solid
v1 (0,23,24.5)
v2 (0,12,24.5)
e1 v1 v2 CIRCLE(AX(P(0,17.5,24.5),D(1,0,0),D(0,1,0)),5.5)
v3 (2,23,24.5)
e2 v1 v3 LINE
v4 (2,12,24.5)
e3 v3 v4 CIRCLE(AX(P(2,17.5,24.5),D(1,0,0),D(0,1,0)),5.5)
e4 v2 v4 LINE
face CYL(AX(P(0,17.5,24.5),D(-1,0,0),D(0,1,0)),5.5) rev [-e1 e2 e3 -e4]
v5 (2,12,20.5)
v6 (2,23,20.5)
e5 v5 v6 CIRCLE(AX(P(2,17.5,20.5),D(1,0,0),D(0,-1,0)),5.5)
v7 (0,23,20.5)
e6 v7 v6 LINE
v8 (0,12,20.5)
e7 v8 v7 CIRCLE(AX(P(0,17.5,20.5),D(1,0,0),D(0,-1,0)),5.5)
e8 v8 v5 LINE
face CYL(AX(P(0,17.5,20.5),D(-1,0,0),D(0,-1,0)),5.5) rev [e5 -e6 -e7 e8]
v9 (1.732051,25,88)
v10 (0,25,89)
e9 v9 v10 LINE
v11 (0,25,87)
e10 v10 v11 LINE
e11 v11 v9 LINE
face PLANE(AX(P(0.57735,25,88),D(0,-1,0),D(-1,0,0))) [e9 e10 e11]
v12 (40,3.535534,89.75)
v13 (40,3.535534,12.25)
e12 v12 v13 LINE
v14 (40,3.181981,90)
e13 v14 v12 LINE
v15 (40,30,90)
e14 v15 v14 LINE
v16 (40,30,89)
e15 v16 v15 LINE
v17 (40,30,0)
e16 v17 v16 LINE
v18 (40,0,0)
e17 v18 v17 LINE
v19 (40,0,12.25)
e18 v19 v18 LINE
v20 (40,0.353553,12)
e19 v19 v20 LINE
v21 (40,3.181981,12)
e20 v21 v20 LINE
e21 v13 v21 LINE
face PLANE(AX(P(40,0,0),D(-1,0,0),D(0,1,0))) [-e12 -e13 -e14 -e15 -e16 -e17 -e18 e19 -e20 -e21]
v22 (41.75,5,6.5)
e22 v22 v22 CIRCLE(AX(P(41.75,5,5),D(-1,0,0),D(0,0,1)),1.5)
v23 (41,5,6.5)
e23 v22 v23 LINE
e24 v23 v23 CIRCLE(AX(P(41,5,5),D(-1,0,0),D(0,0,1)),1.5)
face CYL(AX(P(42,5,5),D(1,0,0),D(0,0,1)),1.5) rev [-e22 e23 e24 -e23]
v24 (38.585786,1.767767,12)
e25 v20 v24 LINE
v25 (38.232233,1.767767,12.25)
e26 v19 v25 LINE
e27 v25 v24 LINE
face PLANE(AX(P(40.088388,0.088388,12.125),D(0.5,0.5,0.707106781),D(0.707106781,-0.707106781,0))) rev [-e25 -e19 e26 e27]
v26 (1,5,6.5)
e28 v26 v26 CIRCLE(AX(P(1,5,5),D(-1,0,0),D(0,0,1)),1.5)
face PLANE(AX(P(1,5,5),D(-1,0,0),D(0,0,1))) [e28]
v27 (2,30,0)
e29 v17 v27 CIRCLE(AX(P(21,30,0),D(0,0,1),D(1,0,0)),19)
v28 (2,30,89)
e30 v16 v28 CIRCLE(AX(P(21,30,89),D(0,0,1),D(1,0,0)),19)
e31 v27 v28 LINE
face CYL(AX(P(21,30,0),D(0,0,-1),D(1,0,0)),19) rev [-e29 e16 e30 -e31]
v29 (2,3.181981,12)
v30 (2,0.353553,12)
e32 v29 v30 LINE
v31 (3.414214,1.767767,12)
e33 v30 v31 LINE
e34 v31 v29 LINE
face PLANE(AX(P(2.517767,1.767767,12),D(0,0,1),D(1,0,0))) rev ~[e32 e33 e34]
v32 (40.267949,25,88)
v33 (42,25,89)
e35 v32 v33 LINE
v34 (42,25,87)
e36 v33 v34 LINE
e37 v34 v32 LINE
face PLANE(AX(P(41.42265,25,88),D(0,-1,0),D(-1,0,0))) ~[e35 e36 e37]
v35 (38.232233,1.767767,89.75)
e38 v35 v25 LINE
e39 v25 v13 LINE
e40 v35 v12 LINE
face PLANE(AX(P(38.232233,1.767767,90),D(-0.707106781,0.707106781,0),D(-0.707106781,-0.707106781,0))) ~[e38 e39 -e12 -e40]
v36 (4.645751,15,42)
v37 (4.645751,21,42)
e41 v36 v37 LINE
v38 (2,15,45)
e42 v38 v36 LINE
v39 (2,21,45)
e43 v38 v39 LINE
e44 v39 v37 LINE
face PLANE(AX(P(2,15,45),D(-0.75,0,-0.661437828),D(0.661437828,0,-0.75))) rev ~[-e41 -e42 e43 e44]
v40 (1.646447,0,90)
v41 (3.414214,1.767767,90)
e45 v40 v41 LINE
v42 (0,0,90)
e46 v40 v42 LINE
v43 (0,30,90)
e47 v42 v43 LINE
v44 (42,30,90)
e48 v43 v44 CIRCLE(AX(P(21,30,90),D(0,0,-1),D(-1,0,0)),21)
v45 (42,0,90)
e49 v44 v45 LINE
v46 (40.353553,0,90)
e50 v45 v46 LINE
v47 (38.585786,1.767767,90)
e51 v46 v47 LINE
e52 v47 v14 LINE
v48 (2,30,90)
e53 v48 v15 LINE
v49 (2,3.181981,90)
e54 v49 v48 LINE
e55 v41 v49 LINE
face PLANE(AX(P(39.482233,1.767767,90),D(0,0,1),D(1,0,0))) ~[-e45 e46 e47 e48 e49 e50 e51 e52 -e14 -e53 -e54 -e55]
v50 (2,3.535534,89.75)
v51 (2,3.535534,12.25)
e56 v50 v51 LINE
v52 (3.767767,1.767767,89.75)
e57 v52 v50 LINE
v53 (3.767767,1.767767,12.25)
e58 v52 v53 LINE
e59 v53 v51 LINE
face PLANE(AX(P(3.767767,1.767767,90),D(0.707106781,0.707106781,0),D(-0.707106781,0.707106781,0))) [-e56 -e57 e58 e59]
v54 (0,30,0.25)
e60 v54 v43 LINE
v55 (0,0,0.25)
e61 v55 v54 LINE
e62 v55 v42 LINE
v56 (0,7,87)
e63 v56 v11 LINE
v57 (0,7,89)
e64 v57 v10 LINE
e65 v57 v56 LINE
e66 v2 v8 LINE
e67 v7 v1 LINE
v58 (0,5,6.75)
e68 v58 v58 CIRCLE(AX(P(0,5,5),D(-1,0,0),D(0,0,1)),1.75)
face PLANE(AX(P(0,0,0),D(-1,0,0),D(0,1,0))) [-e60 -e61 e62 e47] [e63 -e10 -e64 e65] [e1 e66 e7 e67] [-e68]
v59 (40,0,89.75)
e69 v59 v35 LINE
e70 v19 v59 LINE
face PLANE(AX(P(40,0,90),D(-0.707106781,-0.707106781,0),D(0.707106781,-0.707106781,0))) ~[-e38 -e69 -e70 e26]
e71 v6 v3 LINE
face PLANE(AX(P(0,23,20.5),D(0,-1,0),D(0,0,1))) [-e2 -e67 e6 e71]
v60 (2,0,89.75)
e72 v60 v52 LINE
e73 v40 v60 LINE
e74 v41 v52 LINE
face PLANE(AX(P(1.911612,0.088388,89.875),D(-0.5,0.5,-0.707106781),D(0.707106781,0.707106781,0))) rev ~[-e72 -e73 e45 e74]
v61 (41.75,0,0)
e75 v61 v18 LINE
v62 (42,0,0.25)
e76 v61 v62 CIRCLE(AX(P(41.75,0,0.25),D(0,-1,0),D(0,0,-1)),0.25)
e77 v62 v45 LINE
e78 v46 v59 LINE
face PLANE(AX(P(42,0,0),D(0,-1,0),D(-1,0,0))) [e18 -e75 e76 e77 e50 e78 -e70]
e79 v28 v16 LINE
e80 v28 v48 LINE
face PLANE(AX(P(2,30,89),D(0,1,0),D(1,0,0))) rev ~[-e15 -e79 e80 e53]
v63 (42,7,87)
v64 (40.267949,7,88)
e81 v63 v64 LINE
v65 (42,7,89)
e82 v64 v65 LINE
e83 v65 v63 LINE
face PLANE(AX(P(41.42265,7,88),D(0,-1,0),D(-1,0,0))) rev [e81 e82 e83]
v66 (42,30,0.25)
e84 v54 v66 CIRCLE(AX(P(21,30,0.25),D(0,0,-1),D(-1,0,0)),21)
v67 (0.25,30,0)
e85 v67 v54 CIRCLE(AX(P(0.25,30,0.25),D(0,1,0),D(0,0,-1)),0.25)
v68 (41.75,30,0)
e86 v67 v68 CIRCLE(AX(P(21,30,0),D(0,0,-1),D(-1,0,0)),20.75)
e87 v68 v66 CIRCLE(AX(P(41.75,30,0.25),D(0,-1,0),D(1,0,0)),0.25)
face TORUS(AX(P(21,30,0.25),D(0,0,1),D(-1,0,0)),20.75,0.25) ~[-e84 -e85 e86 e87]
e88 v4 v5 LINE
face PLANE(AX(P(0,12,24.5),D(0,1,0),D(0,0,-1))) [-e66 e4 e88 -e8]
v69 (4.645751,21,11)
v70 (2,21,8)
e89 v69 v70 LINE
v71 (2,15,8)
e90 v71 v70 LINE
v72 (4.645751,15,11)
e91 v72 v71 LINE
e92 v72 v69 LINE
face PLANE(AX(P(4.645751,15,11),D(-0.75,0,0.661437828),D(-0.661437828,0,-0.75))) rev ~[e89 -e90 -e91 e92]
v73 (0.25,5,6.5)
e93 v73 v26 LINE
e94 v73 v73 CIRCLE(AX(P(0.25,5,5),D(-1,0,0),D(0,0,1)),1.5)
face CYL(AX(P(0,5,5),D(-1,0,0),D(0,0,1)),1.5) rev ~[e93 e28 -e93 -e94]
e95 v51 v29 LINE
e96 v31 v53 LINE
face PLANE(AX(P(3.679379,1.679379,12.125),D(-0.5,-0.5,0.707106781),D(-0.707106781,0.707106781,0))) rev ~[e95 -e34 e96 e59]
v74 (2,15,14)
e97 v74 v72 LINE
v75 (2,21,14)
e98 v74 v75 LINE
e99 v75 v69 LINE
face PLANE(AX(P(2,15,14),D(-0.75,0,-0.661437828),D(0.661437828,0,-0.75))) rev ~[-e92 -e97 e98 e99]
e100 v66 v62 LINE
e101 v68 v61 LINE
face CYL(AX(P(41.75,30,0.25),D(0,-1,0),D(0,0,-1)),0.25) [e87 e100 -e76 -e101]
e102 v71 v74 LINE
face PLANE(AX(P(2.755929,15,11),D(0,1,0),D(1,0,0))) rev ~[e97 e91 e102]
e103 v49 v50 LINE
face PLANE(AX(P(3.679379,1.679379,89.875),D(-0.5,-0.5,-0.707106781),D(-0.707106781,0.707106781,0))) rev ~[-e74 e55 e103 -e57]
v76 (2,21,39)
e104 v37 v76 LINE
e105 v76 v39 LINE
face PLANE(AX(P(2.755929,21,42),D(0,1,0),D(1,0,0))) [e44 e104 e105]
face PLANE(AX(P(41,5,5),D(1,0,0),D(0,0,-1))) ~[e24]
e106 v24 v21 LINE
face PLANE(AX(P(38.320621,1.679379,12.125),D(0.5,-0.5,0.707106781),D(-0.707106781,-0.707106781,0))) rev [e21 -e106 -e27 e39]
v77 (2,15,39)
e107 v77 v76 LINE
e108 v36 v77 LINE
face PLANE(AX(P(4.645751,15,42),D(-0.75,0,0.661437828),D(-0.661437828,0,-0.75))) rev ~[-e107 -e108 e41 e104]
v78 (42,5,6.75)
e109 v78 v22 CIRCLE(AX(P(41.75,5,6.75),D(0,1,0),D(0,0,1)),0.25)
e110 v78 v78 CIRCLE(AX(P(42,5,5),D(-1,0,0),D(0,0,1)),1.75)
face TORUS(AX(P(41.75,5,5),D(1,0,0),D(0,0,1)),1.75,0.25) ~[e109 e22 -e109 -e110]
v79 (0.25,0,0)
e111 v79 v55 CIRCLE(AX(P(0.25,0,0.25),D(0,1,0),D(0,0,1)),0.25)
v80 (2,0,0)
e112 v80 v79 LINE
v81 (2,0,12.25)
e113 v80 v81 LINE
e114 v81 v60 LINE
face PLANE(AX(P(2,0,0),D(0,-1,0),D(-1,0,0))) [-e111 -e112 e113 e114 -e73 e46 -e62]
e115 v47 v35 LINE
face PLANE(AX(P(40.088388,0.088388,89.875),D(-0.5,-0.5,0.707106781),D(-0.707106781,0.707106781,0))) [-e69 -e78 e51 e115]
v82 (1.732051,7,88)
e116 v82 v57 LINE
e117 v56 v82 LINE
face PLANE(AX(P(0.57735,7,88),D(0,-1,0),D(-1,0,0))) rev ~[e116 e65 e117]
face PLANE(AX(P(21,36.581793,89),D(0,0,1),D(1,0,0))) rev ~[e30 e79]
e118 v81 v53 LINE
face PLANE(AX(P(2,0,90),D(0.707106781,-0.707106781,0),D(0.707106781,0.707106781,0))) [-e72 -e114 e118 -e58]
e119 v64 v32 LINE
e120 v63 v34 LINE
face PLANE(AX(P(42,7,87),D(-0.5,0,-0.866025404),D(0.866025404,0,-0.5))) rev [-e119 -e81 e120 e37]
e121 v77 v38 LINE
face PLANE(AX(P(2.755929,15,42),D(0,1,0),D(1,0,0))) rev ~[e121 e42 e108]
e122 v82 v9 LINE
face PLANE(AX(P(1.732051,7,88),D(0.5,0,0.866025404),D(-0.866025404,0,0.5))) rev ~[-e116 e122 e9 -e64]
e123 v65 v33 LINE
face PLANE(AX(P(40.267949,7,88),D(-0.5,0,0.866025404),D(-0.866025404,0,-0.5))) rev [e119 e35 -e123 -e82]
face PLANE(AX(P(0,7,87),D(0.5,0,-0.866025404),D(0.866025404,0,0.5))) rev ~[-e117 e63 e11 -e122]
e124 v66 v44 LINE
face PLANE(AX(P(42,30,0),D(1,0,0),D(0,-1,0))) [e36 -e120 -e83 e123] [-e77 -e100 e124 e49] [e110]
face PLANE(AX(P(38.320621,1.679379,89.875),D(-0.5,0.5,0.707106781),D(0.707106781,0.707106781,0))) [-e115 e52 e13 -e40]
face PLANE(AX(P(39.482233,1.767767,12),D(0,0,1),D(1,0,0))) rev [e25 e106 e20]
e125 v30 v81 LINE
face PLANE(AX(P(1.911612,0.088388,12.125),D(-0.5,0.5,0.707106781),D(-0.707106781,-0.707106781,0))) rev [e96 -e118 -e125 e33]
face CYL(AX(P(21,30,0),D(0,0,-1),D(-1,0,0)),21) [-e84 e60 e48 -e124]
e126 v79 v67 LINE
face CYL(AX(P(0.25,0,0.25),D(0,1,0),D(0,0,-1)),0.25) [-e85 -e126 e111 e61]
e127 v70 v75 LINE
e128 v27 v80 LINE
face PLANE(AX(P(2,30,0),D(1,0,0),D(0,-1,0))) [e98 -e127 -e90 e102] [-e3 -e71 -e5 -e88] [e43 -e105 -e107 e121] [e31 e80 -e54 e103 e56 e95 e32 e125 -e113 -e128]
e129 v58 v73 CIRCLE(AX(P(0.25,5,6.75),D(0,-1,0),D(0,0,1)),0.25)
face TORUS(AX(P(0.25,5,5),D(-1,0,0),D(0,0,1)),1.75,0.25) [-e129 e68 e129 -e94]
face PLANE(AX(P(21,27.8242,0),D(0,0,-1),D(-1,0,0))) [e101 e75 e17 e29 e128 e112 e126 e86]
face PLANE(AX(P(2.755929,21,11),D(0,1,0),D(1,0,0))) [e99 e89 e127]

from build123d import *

# Parameters (mm, degrees)
BOSS_EXTRUDE1_DEPTH = 90
BOSS_EXTRUDE2_START = -1
BOSS_EXTRUDE2_DEPTH = 1
CUT_EXTRUDE2_DEPTH  = 2
SKETCH6_R           = 1.5
CUT_EXTRUDE3_DEPTH  = 1
CUT_EXTRUDE4_DEPTH  = 18
BOSS_EXTRUDE3_DEPTH = 78
BOSS_EXTRUDE4_START = -8
BOSS_EXTRUDE4_DEPTH = 6
FILLET2_R           = 0.25
CHAMFER1_SIZE       = 0.25
FILLET3_R           = 0.25
CHAMFER2_SIZE       = 0.25


with BuildPart() as part:
    # Sketch2 → Boss-Extrude1 (new body)
    with BuildSketch(Plane.XY):
        with BuildLine():
            Line((0, 0), (0, 30))
            ThreePointArc((0, 30), (21, 51), (42, 30))
            Line((42, 30), (42, 0))
            Line((42, 0), (40, 0))
            Line((40, 0), (40, 30))
            ThreePointArc((40, 30), (21, 49), (2, 30))
            Line((2, 30), (2, 0))
            Line((2, 0), (0, 0))
        make_face()
    extrude(amount=BOSS_EXTRUDE1_DEPTH)

    # Sketch3 → Boss-Extrude2 (add)
    with BuildSketch(Plane.XY.offset(90).offset(BOSS_EXTRUDE2_START)):
        with BuildLine():
            Line((2, 30), (40, 30))
            ThreePointArc((40, 30), (21, 49), (2, 30))
        make_face()
    extrude(amount=BOSS_EXTRUDE2_DEPTH)

    # Sketch5 → Cut-Extrude2 (cut)
    with BuildSketch(Plane.ZY):
        with BuildLine():
            Line((20.5, 23), (24.5, 23))
            ThreePointArc((24.5, 23), (30, 17.5), (24.5, 12))
            Line((24.5, 12), (20.5, 12))
            ThreePointArc((20.5, 12), (15, 17.5), (20.5, 23))
        make_face()
    extrude(amount=-CUT_EXTRUDE2_DEPTH, mode=Mode.SUBTRACT)

    # Sketch6 → Cut-Extrude3 (cut)
    with BuildSketch(Plane.ZY):
        with Locations((5, 5)):
            Circle(SKETCH6_R)
    cut_extrude3 = extrude(amount=-CUT_EXTRUDE3_DEPTH, mode=Mode.SUBTRACT)

    # Mirror1: Cut-Extrude3 across plane
    add(cut_extrude3.mirror(Plane(origin=(21, 0, 0), x_dir=(0, 0, 1), z_dir=(1, 0, 0))), mode=Mode.SUBTRACT)

    # Sketch7 → Cut-Extrude4 (cut)
    with BuildSketch(Plane(origin=(0, 7, 0), x_dir=(-1, 0, 0), z_dir=(0, -1, 0))):
        Polygon((0, -89), (0, -87), (-1.732050808, -88), align=None)
    cut_extrude4 = extrude(amount=-CUT_EXTRUDE4_DEPTH, mode=Mode.SUBTRACT)

    # Mirror2: Cut-Extrude4 across plane
    add(cut_extrude4.mirror(Plane(origin=(21, 0, 0), x_dir=(0, 0, 1), z_dir=(1, 0, 0))), mode=Mode.SUBTRACT)

    # Sketch8 → Boss-Extrude3 (add)
    with BuildSketch(Plane.XY.offset(90)):
        Polygon((2, 0), (3.767766953, 1.767766953), (2, 3.535533906), align=None)
    boss_extrude3 = extrude(amount=-BOSS_EXTRUDE3_DEPTH)

    # Mirror3: Boss-Extrude3 across plane
    add(boss_extrude3.mirror(Plane(origin=(21, 0, 0), x_dir=(0, 0, 1), z_dir=(1, 0, 0))))

    # Sketch9 → Boss-Extrude4 (add)
    with BuildSketch(Plane(origin=(0, 7, 0), x_dir=(-1, 0, 0), z_dir=(0, -1, 0)).offset(BOSS_EXTRUDE4_START)):
        Polygon((-2, -8), (-2, -14), (-4.645751311, -11), align=None)
        Polygon((-2, -39), (-2, -45), (-4.645751311, -42), align=None)
    extrude(amount=-BOSS_EXTRUDE4_DEPTH)

    # Fillet2
    fillet2_edges = [part.edges().sort_by_distance(p)[0] for p in [
        (0, 5, 3.5),
        (42, 5, 3.5),
    ]]
    fillet(fillet2_edges, radius=FILLET2_R)

    # Chamfer1
    chamfer1_edges = [part.edges().sort_by_distance(p)[0] for p in [
        (2.883883476, 2.651650429, 12),
        (2.883883476, 2.651650429, 90),
        (2.883883476, 0.883883476, 90),
        (39.116116524, 2.651650429, 90),
        (39.116116524, 0.883883476, 90),
        (39.116116524, 2.651650429, 12),
    ]]
    chamfer(chamfer1_edges, length=CHAMFER1_SIZE)

    # Fillet3
    fillet3_edges = [part.edges().sort_by_distance(p)[0] for p in [
        (0, 15, 0),
        (21, 51, 0),
        (42, 15, 0),
    ]]
    fillet(fillet3_edges, radius=FILLET3_R)

    # Chamfer2
    chamfer2_edges = [part.edges().sort_by_distance(p)[0] for p in [
        (2.795495129, 0.795495129, 12),
        (39.204504871, 0.795495129, 12),
    ]]
    chamfer(chamfer2_edges, length=CHAMFER2_SIZE)


solid = part.part
